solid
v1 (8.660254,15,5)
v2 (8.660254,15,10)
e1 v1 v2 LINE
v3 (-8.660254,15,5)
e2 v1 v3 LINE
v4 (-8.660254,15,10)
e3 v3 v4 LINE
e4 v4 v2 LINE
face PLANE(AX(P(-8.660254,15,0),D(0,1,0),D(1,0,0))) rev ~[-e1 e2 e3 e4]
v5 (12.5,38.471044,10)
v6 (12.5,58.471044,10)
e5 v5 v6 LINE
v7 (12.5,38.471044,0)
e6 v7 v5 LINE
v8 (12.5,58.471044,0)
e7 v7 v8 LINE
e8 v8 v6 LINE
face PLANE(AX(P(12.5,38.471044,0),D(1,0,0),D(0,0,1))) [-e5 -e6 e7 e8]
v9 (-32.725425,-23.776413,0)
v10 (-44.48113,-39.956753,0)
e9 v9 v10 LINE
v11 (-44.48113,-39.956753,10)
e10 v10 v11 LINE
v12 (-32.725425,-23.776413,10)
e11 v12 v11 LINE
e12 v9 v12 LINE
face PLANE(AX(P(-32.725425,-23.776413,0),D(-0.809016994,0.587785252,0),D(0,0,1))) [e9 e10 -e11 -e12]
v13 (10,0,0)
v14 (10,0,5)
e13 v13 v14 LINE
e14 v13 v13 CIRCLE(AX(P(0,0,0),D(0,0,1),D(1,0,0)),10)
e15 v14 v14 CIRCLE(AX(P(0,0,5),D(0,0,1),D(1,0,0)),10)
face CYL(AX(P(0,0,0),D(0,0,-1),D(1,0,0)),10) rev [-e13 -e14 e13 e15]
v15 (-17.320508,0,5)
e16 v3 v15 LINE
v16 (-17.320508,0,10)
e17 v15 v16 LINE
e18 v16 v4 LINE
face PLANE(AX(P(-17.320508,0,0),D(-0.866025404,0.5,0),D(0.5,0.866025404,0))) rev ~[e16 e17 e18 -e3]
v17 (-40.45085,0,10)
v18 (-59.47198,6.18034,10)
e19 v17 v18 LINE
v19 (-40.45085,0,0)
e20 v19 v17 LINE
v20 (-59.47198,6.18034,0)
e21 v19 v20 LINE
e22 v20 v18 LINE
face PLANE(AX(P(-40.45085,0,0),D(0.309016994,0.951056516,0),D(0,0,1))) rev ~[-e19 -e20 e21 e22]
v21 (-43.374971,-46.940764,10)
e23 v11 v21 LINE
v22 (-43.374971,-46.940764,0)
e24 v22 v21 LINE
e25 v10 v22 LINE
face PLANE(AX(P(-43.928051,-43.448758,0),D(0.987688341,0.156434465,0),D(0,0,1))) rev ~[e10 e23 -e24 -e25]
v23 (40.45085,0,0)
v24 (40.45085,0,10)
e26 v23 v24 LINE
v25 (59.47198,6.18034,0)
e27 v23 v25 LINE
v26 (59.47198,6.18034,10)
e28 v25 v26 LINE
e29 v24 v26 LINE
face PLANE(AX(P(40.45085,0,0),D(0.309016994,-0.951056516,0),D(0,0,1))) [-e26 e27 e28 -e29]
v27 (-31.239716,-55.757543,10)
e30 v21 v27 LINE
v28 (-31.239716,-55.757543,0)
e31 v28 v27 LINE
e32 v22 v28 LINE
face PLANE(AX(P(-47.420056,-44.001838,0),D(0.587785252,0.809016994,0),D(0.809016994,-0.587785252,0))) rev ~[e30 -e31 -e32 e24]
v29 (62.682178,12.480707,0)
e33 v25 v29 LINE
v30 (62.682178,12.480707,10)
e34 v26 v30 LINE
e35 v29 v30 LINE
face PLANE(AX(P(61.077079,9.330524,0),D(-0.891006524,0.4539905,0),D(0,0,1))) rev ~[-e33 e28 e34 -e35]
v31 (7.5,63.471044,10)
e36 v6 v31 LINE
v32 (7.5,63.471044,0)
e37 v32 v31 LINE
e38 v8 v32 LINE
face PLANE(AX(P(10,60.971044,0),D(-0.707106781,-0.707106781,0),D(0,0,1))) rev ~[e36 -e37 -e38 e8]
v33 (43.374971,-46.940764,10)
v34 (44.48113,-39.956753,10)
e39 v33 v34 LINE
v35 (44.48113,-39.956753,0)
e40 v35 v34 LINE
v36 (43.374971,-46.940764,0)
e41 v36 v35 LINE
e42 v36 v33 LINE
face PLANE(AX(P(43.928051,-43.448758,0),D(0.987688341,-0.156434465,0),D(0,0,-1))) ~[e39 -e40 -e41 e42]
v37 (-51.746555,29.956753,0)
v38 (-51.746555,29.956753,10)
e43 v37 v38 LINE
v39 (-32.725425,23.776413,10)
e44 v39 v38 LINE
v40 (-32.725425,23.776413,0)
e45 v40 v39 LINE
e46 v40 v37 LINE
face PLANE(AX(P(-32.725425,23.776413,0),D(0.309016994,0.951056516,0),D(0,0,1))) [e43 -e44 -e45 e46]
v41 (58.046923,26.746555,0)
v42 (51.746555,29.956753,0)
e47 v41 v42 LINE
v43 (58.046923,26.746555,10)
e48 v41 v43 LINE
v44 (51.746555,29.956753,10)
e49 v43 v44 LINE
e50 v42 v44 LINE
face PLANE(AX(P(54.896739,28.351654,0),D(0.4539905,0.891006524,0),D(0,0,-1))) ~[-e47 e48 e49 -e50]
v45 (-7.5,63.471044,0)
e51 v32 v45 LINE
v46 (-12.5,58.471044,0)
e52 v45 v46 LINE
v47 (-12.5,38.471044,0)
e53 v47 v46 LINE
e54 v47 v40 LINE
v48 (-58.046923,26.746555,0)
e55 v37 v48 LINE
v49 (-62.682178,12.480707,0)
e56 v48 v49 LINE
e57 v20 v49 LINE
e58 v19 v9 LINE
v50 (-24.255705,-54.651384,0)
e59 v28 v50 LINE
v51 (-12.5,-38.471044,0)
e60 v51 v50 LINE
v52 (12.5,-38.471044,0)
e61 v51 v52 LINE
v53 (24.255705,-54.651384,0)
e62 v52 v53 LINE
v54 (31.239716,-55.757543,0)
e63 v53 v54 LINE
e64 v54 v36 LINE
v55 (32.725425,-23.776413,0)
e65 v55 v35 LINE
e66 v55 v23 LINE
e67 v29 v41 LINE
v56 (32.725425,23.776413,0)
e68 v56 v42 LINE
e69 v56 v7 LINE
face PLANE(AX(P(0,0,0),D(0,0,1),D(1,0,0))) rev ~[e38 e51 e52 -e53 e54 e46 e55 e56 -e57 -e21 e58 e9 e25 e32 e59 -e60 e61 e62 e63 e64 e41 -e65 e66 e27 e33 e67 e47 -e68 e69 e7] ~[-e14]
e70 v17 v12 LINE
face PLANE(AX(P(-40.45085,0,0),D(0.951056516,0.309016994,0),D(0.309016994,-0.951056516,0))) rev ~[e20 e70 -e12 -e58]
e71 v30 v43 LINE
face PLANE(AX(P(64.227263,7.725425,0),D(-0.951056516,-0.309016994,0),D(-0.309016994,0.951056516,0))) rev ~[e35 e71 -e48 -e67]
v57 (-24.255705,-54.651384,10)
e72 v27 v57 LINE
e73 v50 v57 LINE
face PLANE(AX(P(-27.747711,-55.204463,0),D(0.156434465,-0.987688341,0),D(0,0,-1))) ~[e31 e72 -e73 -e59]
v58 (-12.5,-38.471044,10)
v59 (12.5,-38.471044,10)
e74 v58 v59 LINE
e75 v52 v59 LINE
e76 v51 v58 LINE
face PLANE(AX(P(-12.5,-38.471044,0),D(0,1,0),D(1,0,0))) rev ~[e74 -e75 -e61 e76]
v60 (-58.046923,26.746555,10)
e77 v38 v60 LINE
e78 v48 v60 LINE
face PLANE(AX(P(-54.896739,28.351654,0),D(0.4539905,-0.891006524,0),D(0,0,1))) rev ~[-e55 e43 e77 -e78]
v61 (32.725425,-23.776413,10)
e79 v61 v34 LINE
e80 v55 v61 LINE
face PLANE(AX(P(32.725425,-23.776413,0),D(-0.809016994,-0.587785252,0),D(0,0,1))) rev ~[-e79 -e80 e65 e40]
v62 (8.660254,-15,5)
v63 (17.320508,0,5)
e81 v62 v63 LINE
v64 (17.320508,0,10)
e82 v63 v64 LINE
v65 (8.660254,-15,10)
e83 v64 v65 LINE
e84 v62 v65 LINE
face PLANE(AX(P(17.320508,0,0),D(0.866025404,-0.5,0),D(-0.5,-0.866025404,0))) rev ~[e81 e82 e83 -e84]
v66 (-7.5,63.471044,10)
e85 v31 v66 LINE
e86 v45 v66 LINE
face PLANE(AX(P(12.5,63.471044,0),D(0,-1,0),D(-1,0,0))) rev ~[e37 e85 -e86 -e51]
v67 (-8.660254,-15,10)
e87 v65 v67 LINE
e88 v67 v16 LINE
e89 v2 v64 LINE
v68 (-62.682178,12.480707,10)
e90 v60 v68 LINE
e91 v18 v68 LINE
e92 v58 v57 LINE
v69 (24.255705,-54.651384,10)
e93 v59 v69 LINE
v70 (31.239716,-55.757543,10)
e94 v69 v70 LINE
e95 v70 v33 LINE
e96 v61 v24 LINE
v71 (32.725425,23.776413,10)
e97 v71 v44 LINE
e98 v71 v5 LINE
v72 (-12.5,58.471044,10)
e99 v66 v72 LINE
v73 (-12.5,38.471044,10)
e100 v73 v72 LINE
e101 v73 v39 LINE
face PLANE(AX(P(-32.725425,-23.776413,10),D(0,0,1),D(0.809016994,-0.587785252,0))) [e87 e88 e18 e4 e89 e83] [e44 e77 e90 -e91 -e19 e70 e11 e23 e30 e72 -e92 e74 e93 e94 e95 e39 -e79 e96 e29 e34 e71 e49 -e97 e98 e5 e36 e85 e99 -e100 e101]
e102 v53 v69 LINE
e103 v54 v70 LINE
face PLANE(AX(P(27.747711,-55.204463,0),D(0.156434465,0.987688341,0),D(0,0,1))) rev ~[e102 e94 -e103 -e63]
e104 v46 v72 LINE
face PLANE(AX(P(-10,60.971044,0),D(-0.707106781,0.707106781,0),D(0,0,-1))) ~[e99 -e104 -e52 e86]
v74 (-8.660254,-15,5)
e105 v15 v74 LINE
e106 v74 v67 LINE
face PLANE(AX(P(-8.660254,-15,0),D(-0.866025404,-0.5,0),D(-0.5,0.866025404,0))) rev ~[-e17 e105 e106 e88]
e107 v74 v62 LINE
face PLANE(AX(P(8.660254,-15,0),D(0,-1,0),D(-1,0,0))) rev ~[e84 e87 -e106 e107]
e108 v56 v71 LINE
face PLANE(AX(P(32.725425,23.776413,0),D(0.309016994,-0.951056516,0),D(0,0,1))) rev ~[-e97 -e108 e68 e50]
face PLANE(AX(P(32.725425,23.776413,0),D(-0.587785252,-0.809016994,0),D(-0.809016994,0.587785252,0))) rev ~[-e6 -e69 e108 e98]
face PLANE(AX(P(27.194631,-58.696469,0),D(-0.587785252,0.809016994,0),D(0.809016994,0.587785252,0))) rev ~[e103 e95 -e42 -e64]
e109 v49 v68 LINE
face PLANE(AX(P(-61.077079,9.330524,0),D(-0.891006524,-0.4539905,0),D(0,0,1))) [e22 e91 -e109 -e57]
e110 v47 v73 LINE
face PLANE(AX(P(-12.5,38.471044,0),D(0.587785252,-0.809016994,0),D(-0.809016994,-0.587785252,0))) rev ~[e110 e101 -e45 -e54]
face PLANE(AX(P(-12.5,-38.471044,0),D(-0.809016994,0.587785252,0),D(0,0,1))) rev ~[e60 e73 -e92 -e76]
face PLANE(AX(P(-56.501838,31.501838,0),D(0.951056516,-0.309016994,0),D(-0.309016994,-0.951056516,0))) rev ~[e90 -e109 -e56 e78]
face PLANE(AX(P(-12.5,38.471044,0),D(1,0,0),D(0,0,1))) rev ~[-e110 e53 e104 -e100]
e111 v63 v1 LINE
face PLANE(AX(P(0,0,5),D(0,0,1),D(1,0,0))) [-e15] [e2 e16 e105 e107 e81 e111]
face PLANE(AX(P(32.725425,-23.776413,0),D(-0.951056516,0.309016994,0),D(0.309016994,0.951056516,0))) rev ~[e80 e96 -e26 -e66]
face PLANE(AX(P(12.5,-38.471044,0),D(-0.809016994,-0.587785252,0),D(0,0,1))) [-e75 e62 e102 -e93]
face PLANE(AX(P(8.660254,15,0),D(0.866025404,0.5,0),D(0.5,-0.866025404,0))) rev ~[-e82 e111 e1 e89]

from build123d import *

# Parameters (mm, degrees)
F1_DEPTH = 10
F2_DEPTH = 25
F3_DEPTH = 25
F4_DEPTH = 25
F5_DEPTH = 25
F6_DEPTH = 25
F7_SIZE  = 5
F0_R     = 10
F8_DEPTH = 5


with BuildPart() as f1:
    # F0 (on Top) → F1 (new body)
    with BuildSketch(Plane.XY):
        Polygon((12.5, 38.4710442147), (-12.5, 38.4710442147), (-32.7254248594, 23.7764129074), (-40.4508497187, 0), (-32.7254248594, -23.7764129074), (-12.5, -38.4710442147), (12.5, -38.4710442147), (32.7254248594, -23.7764129074), (40.4508497187, 0), (32.7254248594, 23.7764129074), align=None)
        Polygon((-17.3205080757, 0), (-8.6602540378, 15), (8.6602540378, 15), (17.3205080757, 0), (8.6602540378, -15), (-8.6602540378, -15), align=None, mode=Mode.SUBTRACT)
    extrude(amount=F1_DEPTH)

    # F2 (add): a face of the model
    f2_faces = [f1.faces().sort_by_distance(p)[0] for p in [
        (36.5881372891, 11.8882064537, 5),
    ]]
    extrude(f2_faces, amount=F2_DEPTH)

    # F3 (add): a face of the model
    f3_faces = [f1.faces().sort_by_distance(p)[0] for p in [
        (0, 38.4710442147, 5),
    ]]
    extrude(f3_faces, amount=F3_DEPTH)

    # F4 (add): a face of the model
    f4_faces = [f1.faces().sort_by_distance(p)[0] for p in [
        (22.6127124297, -31.123728561, 5),
    ]]
    extrude(f4_faces, amount=F4_DEPTH)

    # F5 (add): a face of the model
    f5_faces = [f1.faces().sort_by_distance(p)[0] for p in [
        (-36.5881372891, 11.8882064537, 5),
    ]]
    extrude(f5_faces, amount=F5_DEPTH)

    # F6 (add): a face of the model
    f6_faces = [f1.faces().sort_by_distance(p)[0] for p in [
        (-22.6127124297, -31.123728561, 5),
    ]]
    extrude(f6_faces, amount=F6_DEPTH)

    # F7
    f7_edges = [f1.edges().sort_by_distance(p)[0] for p in [
        (-64.227263, 7.725425, 5),
        (-56.501838, 31.501838, 5),
        (-12.5, 63.471044, 5),
        (-47.420056, -44.001838, 5),
        (-27.194631, -58.696469, 5),
        (27.194631, -58.696469, 5),
        (64.227263, 7.725425, 5),
        (12.5, 63.471044, 5),
        (56.501838, 31.501838, 5),
        (47.420056, -44.001838, 5),
    ]]
    chamfer(f7_edges, length=F7_SIZE)

    # F0 (on Top) → F8 (join)
    with BuildSketch(Plane.XY):
        Polygon((8.6602540378, 15), (-8.6602540378, 15), (-17.3205080757, 0), (-8.6602540378, -15), (8.6602540378, -15), (17.3205080757, 0), align=None)
        Circle(F0_R, mode=Mode.SUBTRACT)
    extrude(amount=F8_DEPTH)


solid = f1.part
